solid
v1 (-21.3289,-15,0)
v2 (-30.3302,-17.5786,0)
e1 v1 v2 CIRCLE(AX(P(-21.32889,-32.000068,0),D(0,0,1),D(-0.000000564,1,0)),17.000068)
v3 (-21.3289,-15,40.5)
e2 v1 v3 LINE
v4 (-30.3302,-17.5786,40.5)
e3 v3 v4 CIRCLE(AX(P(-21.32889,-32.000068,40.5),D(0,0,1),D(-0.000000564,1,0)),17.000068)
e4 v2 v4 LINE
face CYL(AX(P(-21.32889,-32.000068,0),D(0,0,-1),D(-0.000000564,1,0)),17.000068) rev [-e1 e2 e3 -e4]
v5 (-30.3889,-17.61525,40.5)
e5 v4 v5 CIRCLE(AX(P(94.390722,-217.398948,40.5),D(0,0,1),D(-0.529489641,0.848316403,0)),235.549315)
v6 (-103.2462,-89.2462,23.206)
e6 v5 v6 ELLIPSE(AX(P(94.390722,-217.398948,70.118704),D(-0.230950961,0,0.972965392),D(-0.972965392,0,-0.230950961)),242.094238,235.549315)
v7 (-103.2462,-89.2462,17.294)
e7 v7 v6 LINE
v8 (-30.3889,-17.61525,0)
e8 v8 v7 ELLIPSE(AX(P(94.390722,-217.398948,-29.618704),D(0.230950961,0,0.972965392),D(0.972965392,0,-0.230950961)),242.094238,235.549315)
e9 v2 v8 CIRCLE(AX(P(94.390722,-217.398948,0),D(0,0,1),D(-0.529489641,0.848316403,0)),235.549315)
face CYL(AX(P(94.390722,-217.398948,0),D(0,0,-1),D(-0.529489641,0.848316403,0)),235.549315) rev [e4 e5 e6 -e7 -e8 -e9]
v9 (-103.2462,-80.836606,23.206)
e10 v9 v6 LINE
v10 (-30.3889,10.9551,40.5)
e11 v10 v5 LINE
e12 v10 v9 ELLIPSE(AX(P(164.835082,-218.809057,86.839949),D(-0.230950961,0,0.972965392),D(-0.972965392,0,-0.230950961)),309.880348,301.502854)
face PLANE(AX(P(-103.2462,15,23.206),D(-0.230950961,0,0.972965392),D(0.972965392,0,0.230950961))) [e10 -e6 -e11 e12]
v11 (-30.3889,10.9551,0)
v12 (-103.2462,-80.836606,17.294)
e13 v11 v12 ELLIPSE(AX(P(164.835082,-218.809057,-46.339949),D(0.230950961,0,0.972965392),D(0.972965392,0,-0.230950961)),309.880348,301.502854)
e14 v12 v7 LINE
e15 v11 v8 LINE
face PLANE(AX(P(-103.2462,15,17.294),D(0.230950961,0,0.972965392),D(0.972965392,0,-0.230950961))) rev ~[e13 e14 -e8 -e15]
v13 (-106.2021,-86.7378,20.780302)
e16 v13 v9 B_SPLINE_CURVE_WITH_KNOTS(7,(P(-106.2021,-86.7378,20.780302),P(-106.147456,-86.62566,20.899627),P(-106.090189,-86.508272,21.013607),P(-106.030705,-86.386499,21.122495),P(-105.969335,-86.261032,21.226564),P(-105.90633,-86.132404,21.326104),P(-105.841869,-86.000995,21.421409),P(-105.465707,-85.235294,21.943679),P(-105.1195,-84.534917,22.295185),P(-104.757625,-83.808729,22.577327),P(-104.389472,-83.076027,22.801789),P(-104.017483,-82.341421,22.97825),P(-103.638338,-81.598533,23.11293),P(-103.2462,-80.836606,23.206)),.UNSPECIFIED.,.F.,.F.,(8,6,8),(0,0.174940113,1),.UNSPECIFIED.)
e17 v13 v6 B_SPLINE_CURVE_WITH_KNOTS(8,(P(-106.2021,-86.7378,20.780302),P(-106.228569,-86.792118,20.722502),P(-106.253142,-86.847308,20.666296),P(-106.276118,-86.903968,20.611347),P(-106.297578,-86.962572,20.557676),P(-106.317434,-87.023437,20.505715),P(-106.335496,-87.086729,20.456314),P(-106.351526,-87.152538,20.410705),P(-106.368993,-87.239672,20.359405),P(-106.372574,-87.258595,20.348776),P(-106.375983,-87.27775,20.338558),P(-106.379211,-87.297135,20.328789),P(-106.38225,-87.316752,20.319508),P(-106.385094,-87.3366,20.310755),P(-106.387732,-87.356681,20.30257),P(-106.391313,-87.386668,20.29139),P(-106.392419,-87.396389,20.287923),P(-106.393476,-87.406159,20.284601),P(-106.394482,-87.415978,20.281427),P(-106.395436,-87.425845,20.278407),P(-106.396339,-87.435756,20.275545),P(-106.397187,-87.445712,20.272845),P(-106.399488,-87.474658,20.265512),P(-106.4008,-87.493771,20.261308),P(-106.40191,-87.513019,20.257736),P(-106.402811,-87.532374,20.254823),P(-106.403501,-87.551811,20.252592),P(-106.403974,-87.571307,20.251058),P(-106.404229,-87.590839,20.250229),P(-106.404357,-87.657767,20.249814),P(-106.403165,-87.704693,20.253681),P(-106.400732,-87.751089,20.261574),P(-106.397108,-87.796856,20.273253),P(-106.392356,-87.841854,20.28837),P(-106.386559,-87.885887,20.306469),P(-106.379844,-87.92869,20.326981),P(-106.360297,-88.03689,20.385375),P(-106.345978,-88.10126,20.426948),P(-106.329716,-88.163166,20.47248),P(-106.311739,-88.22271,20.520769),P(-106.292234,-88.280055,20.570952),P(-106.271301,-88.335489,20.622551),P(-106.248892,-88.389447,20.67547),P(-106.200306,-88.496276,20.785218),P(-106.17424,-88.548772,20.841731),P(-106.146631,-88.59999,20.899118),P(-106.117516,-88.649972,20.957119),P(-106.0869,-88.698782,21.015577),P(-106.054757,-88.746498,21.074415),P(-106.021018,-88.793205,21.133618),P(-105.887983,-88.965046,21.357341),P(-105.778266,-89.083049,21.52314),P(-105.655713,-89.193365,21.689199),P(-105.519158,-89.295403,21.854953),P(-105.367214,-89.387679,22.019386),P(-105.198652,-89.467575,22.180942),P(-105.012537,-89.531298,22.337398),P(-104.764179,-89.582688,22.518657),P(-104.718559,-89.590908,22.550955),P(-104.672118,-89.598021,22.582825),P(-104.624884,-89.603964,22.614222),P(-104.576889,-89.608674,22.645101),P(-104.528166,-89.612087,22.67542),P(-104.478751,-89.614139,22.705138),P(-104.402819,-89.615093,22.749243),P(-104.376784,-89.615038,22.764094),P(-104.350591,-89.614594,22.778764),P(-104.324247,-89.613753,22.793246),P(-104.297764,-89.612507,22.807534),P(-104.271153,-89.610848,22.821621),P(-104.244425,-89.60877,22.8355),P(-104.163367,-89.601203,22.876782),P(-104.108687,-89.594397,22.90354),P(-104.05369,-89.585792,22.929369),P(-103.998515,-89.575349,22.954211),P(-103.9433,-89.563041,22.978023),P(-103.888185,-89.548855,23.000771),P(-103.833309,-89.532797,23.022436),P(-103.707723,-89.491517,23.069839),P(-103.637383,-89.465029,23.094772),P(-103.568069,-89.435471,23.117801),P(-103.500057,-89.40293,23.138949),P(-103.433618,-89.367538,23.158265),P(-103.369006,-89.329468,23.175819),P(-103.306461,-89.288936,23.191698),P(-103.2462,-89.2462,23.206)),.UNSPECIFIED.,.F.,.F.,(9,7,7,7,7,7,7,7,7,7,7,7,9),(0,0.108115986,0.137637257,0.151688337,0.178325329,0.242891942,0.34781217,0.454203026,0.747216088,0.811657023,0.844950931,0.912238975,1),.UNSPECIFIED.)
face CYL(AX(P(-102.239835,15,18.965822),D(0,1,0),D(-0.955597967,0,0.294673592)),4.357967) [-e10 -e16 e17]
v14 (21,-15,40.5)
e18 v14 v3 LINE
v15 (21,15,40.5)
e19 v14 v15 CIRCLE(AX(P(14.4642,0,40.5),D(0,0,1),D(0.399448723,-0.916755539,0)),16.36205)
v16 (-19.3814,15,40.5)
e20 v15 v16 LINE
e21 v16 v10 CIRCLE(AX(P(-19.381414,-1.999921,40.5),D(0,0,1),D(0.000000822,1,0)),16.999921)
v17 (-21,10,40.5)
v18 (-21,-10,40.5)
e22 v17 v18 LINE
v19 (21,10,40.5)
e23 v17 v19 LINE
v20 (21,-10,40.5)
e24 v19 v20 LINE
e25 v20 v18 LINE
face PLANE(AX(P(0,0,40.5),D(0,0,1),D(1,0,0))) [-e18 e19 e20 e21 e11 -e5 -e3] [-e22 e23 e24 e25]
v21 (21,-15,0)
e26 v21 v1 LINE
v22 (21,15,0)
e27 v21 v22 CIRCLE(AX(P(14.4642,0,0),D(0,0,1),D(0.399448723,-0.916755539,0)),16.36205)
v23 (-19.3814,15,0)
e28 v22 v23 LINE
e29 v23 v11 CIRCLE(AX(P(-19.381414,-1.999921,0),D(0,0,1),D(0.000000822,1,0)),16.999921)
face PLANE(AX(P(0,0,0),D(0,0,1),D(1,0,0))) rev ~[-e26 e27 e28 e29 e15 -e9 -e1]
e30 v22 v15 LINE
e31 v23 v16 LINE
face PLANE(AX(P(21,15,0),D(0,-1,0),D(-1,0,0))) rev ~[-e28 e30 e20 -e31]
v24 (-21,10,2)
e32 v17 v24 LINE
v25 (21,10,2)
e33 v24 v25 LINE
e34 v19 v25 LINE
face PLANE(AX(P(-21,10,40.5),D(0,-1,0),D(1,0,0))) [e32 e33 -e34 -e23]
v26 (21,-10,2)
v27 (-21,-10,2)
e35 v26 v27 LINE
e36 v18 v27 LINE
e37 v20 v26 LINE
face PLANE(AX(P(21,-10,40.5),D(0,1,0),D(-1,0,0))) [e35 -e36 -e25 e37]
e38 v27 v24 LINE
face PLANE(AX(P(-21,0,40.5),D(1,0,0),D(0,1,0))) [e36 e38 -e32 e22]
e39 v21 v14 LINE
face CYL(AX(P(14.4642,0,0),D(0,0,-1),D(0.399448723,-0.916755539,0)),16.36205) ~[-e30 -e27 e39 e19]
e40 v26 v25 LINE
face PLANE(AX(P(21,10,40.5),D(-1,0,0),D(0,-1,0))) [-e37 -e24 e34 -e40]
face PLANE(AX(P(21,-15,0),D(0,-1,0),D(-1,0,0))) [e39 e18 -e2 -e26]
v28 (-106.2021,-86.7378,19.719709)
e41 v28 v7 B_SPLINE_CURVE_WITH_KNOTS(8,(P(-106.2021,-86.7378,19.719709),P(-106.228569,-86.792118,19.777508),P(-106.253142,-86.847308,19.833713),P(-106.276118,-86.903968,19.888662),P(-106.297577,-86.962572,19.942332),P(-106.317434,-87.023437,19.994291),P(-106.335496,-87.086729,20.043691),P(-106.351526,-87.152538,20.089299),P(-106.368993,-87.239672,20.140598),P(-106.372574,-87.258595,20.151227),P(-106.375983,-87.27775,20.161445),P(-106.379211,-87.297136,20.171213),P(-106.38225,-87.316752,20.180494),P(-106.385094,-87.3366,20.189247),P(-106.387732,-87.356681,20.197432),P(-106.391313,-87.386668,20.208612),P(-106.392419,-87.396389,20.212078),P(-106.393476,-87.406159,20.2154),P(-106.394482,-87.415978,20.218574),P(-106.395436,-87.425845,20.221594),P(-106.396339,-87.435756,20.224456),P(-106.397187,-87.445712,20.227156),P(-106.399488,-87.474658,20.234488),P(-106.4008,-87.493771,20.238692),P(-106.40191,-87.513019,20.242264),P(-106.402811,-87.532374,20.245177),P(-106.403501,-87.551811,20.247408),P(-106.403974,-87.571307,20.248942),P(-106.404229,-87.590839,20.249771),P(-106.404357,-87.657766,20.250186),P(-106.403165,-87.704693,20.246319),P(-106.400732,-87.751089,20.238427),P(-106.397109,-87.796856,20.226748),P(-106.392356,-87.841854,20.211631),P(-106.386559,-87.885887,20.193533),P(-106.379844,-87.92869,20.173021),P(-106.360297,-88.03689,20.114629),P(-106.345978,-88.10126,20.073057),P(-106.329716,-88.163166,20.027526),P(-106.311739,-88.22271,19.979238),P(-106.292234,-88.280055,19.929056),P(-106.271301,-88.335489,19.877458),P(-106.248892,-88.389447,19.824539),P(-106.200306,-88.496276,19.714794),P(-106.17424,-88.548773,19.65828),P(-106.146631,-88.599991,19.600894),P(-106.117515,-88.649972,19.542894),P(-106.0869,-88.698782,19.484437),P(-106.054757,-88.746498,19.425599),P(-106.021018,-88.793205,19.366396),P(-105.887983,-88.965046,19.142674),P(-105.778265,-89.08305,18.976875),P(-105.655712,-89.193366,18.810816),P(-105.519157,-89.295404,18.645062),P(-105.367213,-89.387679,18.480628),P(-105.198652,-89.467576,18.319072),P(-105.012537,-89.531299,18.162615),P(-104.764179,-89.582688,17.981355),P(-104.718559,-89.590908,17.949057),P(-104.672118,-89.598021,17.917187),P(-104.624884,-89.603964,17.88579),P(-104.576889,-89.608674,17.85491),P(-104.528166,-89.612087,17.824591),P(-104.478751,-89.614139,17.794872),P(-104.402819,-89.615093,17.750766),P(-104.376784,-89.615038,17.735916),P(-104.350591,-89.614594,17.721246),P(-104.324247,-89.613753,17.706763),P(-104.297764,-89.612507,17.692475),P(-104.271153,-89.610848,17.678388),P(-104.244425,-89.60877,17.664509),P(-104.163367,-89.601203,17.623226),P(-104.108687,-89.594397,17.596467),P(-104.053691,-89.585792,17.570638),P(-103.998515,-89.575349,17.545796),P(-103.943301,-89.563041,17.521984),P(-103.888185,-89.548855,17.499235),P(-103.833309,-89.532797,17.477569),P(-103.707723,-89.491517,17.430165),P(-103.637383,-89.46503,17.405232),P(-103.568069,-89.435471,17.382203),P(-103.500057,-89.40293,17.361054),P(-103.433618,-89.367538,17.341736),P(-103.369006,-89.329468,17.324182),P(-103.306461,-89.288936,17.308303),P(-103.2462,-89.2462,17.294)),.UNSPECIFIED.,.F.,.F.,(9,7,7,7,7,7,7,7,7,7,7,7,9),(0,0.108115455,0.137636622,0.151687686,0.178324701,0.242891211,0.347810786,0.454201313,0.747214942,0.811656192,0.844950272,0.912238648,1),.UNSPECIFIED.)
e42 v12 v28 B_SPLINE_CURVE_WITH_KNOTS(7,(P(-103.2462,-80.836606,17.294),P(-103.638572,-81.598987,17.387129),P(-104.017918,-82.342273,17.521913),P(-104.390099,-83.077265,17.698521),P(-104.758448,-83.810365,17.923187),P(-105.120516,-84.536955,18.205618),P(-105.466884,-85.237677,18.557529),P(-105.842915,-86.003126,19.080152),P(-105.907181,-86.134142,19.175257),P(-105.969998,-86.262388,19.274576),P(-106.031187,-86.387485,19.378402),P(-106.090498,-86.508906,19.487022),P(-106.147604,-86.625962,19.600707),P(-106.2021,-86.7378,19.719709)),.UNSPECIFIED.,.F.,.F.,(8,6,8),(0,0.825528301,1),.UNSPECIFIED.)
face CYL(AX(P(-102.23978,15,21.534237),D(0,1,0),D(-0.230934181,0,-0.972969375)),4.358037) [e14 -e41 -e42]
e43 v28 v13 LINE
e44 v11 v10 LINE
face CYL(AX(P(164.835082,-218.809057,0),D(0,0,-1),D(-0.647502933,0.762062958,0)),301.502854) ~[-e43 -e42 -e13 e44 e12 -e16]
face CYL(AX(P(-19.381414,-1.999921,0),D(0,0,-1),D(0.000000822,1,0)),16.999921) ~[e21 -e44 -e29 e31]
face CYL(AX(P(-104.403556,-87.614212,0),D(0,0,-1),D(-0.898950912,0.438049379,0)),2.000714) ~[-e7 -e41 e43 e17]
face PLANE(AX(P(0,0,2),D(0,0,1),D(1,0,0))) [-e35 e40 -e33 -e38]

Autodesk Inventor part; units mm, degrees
ref_plane "YZ Plane" through (0, 0, 0) normal (1, 0, 0) x (0, 1, 0)
ref_plane "XZ Plane" through (0, 0, 0) normal (0, 1, 0) x (-1, 0, 0)
ref_plane "XY Plane" through (0, 0, 0) normal (0, 0, 1) x (1, 0, 0)
sketch "Sketch1" plane through (0, 0, 0) normal (0, 0, 1) x (1, 0, 0)
  line L0 (-21, 10) -> (21, 10)
  line L1 (21, 10) -> (21, -10)
  line L2 (21, -10) -> (-21, -10)
  line L3 (-21, -10) -> (-21, 10)
  line L4 (21, 15) -> (-19.3814, 15)
  line L5 (21, -15) -> (-21.3289, -15)
  arc A0 (-30.3889, 10.9551) -> (-106.2021, -86.7378) centre (164.8345, -218.8085) ccw
  arc A1 (-106.2021, -86.7378) -> (-103.2462, -89.2462) centre (-104.4035, -87.6142) ccw
  arc A2 (-30.3302, -17.5786) -> (-103.2462, -89.2462) centre (94.391, -217.3993) ccw
  arc A3 (-19.3814, 15) -> (-30.3889, 10.9551) centre (-19.3814, -2) ccw
  arc A4 (-21.3289, -15) -> (-30.3302, -17.5786) centre (-21.3289, -32) ccw
  arc A5 (21, -15) -> (21, 15) centre (14.4642, 0) ccw
  point P0 (0, 0)
  point P1 (-21, 0)
  point P2 (-26.1005, -15)
  point P3 (-25.5259, 15)
  dimension "d0" = 42
  dimension "d1" = 20
  dimension "d2" = 10
  dimension "d3" = 21
  dimension "d15" = 301.502
  dimension "d16" = 235.5497
  dimension "d17" = 17
extrude "Extrusion1" add sketch "Sketch1" along normal blind 40.5 contours L0 L1 L2 L3 | A5 L5 A4 A2 A1 A0 A3 L4
sketch "Sketch2" plane through (-19.3814, 15, 0) normal (0, 1, 0) x (1, 0, 0)
  line L0 (0, 0) -> (0, -40.5) projected
  line L1 (0, -20.25) -> (-86.8207, -20.25)
  line L2 (-86.8207, 0) -> (-86.8207, -40.5) projected
  line L3 (-11.0075, 0) -> (0, 0) projected
  line L4 (-11.0075, -40.5) -> (0, -40.5) projected
  line L5 (-83.8648, 0) -> (-83.8648, -40.5) projected
  line L6 (-83.8648, -20.25) -> (-83.8648, -23.206)
  line L7 (-83.8648, -23.206) -> (-11.0075, -40.5)
  line L8 (-87.0229, 0) -> (-87.0229, -40.5) projected
  arc A0 (-87.0229, -20.25) -> (-83.8648, -23.206) centre (-82.8584, -18.9658) ccw
  line L9 (-83.8648, -17.294) -> (-11.0075, 0)
  arc A1 (-83.8648, -17.294) -> (-87.0229, -20.25) centre (-82.8584, -21.5342) ccw
  line L10 (-11.0075, -40.5) -> (-87.0229, -40.5)
  line L11 (-11.0075, 0) -> (-87.0229, 0)
  line L12 (-87.0229, -40.5) -> (-87.0229, 0)
  point P0 (19.3814, 0)
  dimension "d19" = 2.956
extrude "Extrusion2" cut sketch "Sketch2" against normal through all contours L9 L5 L11 | A1 L2 L11 L5 | L10 L5 L7 | L5 L10 L2 A0 | A1 L8 L11 L2 | L2 L10 L8 A0
sketch "Sketch3" plane through (0, 0, 40.5) normal (0, 0, 1) x (1, 0, 0)
  line L0 (-21.3289, -15) -> (21, -15) projected
  line L1 (21, 15) -> (21, -15)
  line L2 (21, 0) -> (-21, 0)
  line L3 (-21, 0) -> (-21, 10)
  line L4 (-21, 10) -> (21, 10)
  line L5 (21, 10) -> (21, -10)
  line L6 (21, -10) -> (-21, -10)
  line L7 (-21, -10) -> (-21, 10)
  point P0 (0, 0)
  dimension "d22" = 42
  dimension "d23" = 10
  dimension "d24" = 42
  dimension "d25" = 20
extrude "Extrusion3" cut sketch "Sketch3" against normal blind 38.5
properties part number "Spider_Robot_Tibia_V1"
